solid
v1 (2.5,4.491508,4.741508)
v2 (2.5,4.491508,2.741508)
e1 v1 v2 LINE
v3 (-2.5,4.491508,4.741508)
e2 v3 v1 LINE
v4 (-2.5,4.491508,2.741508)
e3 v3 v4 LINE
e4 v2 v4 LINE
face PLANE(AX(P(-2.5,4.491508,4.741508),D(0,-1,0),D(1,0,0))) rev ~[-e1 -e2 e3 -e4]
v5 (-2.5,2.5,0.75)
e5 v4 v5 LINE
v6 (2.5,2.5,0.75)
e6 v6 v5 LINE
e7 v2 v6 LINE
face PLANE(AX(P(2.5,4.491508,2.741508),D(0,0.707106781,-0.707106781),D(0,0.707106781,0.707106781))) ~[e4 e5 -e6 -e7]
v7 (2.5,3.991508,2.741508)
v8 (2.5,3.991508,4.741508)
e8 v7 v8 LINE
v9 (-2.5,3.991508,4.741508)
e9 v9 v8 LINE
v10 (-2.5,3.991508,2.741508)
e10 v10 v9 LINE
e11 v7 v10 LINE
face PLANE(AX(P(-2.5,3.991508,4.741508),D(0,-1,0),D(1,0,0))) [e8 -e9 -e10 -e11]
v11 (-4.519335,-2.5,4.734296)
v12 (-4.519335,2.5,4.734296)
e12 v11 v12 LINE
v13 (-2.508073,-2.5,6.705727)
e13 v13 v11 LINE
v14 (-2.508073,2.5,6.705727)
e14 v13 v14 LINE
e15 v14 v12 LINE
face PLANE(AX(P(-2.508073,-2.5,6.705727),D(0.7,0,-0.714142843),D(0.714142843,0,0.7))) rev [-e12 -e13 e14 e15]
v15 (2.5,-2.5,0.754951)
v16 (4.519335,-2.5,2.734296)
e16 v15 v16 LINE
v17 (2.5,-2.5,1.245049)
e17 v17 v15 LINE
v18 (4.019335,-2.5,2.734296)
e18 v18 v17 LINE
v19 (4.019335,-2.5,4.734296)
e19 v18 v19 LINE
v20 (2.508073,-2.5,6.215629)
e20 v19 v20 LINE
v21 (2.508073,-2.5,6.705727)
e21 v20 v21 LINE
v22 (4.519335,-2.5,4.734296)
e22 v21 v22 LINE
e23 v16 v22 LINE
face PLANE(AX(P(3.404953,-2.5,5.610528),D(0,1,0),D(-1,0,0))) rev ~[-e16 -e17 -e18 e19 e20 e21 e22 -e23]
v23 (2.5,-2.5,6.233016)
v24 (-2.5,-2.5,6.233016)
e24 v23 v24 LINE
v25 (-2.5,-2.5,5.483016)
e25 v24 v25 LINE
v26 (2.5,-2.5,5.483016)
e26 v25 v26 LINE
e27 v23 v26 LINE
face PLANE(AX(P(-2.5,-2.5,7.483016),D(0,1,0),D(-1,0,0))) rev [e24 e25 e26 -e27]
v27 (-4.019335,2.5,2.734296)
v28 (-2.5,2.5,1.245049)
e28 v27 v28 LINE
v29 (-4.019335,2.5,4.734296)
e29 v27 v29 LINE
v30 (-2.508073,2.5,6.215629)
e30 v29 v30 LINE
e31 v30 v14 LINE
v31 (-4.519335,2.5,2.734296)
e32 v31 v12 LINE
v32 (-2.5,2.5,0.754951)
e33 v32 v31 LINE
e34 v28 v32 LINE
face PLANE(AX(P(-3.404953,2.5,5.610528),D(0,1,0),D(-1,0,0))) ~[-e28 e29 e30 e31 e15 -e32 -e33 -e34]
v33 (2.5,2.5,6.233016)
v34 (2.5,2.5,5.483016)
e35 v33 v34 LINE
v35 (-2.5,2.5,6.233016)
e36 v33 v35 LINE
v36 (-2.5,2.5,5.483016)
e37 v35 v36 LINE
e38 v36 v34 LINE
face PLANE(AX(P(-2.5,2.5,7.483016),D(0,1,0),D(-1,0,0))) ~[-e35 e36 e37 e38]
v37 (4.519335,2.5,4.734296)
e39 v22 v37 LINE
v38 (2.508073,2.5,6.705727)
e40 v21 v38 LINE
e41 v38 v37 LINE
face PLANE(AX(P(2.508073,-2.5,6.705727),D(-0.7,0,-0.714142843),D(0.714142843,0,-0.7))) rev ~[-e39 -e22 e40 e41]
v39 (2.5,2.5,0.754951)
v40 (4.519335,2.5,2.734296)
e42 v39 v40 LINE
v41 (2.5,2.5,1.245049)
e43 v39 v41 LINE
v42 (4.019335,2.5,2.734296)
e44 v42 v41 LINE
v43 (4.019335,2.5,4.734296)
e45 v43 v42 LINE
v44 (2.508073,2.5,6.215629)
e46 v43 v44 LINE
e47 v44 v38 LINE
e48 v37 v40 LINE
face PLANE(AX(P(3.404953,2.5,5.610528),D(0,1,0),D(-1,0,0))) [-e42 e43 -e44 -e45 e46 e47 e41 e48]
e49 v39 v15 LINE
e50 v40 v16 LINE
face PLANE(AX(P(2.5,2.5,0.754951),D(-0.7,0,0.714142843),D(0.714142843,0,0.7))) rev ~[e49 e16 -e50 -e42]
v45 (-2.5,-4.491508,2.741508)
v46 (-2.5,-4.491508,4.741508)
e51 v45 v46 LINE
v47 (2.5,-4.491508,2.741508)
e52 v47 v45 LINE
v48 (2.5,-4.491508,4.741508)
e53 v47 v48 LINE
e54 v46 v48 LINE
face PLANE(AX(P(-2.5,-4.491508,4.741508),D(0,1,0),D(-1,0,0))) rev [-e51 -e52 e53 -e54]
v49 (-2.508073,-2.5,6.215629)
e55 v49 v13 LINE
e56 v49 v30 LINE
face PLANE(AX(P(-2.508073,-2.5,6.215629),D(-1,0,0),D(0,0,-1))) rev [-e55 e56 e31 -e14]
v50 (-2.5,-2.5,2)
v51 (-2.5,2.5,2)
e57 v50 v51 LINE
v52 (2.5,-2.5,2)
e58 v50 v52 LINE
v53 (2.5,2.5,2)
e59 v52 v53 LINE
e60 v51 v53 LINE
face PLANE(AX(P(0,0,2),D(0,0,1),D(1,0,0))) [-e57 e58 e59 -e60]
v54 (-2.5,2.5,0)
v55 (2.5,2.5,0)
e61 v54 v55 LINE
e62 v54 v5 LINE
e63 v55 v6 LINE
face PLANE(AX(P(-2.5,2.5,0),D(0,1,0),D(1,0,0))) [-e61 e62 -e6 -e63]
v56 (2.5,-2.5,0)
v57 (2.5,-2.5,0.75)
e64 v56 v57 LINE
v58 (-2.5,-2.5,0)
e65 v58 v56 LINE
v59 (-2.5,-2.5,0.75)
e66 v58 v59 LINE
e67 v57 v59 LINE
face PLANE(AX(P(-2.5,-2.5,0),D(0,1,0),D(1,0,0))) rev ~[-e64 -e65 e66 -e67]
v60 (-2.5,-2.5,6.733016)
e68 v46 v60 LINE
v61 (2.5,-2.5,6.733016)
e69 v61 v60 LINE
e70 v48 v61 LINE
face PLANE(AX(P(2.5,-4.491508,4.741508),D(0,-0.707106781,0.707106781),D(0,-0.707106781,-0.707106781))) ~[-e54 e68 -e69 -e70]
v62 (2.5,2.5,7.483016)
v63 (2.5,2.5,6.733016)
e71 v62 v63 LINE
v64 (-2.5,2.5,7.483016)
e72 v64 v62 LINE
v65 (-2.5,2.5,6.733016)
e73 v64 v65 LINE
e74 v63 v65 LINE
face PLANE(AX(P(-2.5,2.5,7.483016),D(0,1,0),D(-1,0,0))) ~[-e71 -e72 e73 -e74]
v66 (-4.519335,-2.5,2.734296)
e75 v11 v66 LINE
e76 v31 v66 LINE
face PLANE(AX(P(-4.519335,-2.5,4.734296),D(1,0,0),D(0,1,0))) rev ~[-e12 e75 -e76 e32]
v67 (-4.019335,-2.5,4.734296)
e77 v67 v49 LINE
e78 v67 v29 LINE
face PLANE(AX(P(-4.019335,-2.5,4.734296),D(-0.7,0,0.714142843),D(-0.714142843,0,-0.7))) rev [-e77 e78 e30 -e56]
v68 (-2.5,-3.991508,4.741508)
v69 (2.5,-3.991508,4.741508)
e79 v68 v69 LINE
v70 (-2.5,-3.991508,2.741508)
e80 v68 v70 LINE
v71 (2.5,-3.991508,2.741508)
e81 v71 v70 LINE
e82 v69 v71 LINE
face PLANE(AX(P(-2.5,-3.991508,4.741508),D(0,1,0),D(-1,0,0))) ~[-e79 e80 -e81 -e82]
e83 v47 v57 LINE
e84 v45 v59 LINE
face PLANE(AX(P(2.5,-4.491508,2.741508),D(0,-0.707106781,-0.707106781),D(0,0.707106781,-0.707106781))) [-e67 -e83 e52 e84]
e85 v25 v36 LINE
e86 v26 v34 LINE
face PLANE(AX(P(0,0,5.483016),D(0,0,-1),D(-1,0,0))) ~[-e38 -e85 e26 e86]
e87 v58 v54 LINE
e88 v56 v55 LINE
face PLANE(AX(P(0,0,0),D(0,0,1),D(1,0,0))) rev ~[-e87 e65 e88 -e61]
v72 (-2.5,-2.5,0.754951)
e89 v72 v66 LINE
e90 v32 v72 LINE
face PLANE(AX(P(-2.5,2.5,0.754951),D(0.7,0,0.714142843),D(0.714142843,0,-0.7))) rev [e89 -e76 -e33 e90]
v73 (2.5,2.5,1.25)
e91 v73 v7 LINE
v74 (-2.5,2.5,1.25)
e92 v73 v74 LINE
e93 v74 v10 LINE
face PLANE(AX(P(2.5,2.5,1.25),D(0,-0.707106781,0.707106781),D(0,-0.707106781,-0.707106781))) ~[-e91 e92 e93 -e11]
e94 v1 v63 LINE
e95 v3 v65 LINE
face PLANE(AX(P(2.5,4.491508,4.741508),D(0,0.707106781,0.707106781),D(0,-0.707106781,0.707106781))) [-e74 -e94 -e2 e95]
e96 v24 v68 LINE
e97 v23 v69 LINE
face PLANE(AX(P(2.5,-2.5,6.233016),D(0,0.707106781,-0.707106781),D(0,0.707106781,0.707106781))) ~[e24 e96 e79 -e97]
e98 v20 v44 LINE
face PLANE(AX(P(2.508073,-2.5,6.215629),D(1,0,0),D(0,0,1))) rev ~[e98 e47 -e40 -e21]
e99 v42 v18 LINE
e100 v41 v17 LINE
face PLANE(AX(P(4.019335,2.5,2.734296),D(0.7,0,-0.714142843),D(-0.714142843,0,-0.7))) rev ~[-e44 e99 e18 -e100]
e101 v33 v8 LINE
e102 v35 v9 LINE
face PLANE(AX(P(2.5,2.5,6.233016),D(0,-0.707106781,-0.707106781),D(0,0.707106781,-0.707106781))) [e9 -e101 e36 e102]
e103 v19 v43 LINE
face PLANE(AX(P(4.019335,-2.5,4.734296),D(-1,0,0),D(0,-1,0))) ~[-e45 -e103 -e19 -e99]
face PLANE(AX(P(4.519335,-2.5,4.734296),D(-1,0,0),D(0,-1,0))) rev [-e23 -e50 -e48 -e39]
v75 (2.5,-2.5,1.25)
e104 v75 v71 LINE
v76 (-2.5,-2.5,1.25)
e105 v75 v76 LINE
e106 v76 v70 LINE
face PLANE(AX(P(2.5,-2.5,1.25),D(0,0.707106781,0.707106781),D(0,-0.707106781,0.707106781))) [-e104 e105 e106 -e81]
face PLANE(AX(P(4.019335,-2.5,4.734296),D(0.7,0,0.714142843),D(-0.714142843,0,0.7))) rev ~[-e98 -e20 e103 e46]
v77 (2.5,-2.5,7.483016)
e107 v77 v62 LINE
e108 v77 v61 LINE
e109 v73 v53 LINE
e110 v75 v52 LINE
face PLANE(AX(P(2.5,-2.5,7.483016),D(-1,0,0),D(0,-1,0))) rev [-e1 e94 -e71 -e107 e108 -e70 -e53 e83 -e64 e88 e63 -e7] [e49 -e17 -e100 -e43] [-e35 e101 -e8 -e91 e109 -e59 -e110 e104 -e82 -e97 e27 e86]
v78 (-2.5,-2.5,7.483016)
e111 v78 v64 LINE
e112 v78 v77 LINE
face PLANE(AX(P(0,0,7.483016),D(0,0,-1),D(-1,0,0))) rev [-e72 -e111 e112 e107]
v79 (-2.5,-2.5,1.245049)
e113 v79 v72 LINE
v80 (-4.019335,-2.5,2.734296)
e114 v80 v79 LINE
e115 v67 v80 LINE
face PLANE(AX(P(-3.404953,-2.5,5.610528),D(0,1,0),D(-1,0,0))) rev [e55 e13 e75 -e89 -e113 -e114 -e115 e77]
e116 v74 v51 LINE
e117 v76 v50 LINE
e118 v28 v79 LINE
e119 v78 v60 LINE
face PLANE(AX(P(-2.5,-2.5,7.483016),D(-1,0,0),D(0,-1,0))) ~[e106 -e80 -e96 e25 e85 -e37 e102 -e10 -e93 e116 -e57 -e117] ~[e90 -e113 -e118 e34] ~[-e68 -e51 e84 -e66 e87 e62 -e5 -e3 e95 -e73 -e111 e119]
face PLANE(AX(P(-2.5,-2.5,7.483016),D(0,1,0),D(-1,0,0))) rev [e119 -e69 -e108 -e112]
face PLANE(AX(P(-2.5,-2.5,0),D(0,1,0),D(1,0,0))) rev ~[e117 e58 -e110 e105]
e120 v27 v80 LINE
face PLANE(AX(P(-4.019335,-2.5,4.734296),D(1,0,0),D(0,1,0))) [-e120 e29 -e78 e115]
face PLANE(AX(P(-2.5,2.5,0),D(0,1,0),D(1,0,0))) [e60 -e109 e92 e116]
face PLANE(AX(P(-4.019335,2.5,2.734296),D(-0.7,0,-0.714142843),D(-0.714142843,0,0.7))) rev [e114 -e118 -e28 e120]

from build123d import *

# Parameters (mm, degrees)
SKETCH2_W                = 5
SKETCH2_H                = 5
BOSS_EXTRUDE1_DEPTH      = 2
BOSS_EXTRUDE3_DEPTH      = 5
BOSS_EXTRUDE4_DEPTH      = 5
SKETCH12_W               = 5
SKETCH12_H               = 0.5
BOSS_EXTRUDE5_DEPTH      = 1
SKETCH13_W               = 0.5
SKETCH13_H               = 5
BOSS_EXTRUDE6_DEPTH      = 1
MIRROR8_COPY_1_SKETCH_W  = 5
MIRROR8_COPY_1_SKETCH_H  = 0.5
MIRROR8_COPY_1_DEPTH     = 1
MIRROR9_COPY_1_DEPTH     = 5
MIRROR14_COPY_1_SKETCH_W = 0.5
MIRROR14_COPY_1_SKETCH_H = 5
MIRROR14_COPY_1_DEPTH    = 1
BOSS_EXTRUDE7_DEPTH      = 5


with BuildPart() as part:
    # Sketch2 → Boss-Extrude1 (new body)
    with BuildSketch(Plane.XY):
        Rectangle(SKETCH2_W, SKETCH2_H)
    boss_extrude1 = extrude(amount=BOSS_EXTRUDE1_DEPTH)

    # Sketch4 → Boss-Extrude3 (add)
    with BuildSketch(Plane(origin=(2.5, 0, 0), x_dir=(0, 0, -1), z_dir=(1, 0, 0))):
        Polygon((-1.25, -2.5), (-2.741508092, -3.991508092), (-2.741508092, -4.491508092), (-0.75, -2.5), align=None)
    boss_extrude3 = extrude(amount=-BOSS_EXTRUDE3_DEPTH)

    # Sketch9 → Boss-Extrude4 (add)
    with BuildSketch(Plane(origin=(0, 2.5, 0), x_dir=(1, 0, 0), z_dir=(0, 1, 0))):
        Polygon((2.5, -0.754950985), (4.519335319, -2.734295506), (4.019335319, -2.734295506), (2.5, -1.245049015), align=None)
    boss_extrude4 = extrude(amount=-BOSS_EXTRUDE4_DEPTH)

    # Mirror2: Boss-Extrude3 across plane
    add(boss_extrude3.mirror(Plane.ZX))

    # Mirror3: Boss-Extrude4 across plane
    add(boss_extrude4.mirror(Plane(origin=(0, 0, 0), x_dir=(0, 0, 1), z_dir=(1, 0, 0))))

    # Sketch12 → Boss-Extrude5 (add)
    with BuildSketch(Plane.XY.offset(2.741508092)):
        with Locations((0, -4.241508092)):
            Rectangle(SKETCH12_W, SKETCH12_H)
    boss_extrude5 = extrude(amount=BOSS_EXTRUDE5_DEPTH)

    # Sketch13 → Boss-Extrude6 (add)
    with BuildSketch(Plane.XY.offset(2.734295506)):
        with Locations((4.269335319, 0)):
            Rectangle(SKETCH13_W, SKETCH13_H)
    boss_extrude6 = extrude(amount=BOSS_EXTRUDE6_DEPTH)

    # Mirror4: Boss-Extrude5 across plane
    add(boss_extrude5.mirror(Plane.ZX))

    # Mirror5: Boss-Extrude6 across plane
    add(boss_extrude6.mirror(Plane(origin=(0, 0, 0), x_dir=(0, 0, 1), z_dir=(1, 0, 0))))

    # Mirror8: Boss-Extrude5 across plane
    add(boss_extrude5.mirror(Plane.XY.offset(3.741508092)))

    # Mirror8 copy 1 sketch → Mirror8 copy 1 (add)
    with BuildSketch(Plane(origin=(0, 0, 4.741508092), x_dir=(1, 0, 0), z_dir=(0, 0, -1))):
        with Locations((0, -4.241508092)):
            Rectangle(MIRROR8_COPY_1_SKETCH_W, MIRROR8_COPY_1_SKETCH_H)
    extrude(amount=MIRROR8_COPY_1_DEPTH)

    # Mirror9: Boss-Extrude3 across plane
    add(boss_extrude3.mirror(Plane.XY.offset(3.741508092)))

    # Mirror9 copy 1 sketch → Mirror9 copy 1 (add)
    with BuildSketch(Plane(origin=(2.5, 0, 7.483016184), x_dir=(0, 0, 1), z_dir=(1, 0, 0))):
        Polygon((-1.25, -2.5), (-2.741508092, -3.991508092), (-2.741508092, -4.491508092), (-0.75, -2.5), align=None)
    extrude(amount=-MIRROR9_COPY_1_DEPTH)

    # Mirror14: Boss-Extrude6 across plane
    add(boss_extrude6.mirror(Plane.XY.offset(3.734295506)))

    # Mirror14 copy 1 sketch → Mirror14 copy 1 (add)
    with BuildSketch(Plane(origin=(0, 0, 4.734295506), x_dir=(-1, 0, 0), z_dir=(0, 0, -1))):
        with Locations((4.269335319, 0)):
            Rectangle(MIRROR14_COPY_1_SKETCH_W, MIRROR14_COPY_1_SKETCH_H)
    extrude(amount=MIRROR14_COPY_1_DEPTH)

    # Sketch14 → Boss-Extrude7 (add)
    with BuildSketch(Plane.XZ.offset(2.5)):
        Polygon((4.519335319, 4.734295506), (4.019335319, 4.734295506), (2.508072629, 6.215629239), (2.508072629, 6.705727268), align=None)
    boss_extrude7 = extrude(amount=-BOSS_EXTRUDE7_DEPTH)

    # Mirror15: Boss-Extrude7 across plane
    add(boss_extrude7.mirror(Plane(origin=(0, 0, 0), x_dir=(0, 0, 1), z_dir=(1, 0, 0))))

    # Mirror16: Boss-Extrude1 across plane
    add(boss_extrude1.mirror(Plane.XY.offset(3.741508092)))


solid = part.part
